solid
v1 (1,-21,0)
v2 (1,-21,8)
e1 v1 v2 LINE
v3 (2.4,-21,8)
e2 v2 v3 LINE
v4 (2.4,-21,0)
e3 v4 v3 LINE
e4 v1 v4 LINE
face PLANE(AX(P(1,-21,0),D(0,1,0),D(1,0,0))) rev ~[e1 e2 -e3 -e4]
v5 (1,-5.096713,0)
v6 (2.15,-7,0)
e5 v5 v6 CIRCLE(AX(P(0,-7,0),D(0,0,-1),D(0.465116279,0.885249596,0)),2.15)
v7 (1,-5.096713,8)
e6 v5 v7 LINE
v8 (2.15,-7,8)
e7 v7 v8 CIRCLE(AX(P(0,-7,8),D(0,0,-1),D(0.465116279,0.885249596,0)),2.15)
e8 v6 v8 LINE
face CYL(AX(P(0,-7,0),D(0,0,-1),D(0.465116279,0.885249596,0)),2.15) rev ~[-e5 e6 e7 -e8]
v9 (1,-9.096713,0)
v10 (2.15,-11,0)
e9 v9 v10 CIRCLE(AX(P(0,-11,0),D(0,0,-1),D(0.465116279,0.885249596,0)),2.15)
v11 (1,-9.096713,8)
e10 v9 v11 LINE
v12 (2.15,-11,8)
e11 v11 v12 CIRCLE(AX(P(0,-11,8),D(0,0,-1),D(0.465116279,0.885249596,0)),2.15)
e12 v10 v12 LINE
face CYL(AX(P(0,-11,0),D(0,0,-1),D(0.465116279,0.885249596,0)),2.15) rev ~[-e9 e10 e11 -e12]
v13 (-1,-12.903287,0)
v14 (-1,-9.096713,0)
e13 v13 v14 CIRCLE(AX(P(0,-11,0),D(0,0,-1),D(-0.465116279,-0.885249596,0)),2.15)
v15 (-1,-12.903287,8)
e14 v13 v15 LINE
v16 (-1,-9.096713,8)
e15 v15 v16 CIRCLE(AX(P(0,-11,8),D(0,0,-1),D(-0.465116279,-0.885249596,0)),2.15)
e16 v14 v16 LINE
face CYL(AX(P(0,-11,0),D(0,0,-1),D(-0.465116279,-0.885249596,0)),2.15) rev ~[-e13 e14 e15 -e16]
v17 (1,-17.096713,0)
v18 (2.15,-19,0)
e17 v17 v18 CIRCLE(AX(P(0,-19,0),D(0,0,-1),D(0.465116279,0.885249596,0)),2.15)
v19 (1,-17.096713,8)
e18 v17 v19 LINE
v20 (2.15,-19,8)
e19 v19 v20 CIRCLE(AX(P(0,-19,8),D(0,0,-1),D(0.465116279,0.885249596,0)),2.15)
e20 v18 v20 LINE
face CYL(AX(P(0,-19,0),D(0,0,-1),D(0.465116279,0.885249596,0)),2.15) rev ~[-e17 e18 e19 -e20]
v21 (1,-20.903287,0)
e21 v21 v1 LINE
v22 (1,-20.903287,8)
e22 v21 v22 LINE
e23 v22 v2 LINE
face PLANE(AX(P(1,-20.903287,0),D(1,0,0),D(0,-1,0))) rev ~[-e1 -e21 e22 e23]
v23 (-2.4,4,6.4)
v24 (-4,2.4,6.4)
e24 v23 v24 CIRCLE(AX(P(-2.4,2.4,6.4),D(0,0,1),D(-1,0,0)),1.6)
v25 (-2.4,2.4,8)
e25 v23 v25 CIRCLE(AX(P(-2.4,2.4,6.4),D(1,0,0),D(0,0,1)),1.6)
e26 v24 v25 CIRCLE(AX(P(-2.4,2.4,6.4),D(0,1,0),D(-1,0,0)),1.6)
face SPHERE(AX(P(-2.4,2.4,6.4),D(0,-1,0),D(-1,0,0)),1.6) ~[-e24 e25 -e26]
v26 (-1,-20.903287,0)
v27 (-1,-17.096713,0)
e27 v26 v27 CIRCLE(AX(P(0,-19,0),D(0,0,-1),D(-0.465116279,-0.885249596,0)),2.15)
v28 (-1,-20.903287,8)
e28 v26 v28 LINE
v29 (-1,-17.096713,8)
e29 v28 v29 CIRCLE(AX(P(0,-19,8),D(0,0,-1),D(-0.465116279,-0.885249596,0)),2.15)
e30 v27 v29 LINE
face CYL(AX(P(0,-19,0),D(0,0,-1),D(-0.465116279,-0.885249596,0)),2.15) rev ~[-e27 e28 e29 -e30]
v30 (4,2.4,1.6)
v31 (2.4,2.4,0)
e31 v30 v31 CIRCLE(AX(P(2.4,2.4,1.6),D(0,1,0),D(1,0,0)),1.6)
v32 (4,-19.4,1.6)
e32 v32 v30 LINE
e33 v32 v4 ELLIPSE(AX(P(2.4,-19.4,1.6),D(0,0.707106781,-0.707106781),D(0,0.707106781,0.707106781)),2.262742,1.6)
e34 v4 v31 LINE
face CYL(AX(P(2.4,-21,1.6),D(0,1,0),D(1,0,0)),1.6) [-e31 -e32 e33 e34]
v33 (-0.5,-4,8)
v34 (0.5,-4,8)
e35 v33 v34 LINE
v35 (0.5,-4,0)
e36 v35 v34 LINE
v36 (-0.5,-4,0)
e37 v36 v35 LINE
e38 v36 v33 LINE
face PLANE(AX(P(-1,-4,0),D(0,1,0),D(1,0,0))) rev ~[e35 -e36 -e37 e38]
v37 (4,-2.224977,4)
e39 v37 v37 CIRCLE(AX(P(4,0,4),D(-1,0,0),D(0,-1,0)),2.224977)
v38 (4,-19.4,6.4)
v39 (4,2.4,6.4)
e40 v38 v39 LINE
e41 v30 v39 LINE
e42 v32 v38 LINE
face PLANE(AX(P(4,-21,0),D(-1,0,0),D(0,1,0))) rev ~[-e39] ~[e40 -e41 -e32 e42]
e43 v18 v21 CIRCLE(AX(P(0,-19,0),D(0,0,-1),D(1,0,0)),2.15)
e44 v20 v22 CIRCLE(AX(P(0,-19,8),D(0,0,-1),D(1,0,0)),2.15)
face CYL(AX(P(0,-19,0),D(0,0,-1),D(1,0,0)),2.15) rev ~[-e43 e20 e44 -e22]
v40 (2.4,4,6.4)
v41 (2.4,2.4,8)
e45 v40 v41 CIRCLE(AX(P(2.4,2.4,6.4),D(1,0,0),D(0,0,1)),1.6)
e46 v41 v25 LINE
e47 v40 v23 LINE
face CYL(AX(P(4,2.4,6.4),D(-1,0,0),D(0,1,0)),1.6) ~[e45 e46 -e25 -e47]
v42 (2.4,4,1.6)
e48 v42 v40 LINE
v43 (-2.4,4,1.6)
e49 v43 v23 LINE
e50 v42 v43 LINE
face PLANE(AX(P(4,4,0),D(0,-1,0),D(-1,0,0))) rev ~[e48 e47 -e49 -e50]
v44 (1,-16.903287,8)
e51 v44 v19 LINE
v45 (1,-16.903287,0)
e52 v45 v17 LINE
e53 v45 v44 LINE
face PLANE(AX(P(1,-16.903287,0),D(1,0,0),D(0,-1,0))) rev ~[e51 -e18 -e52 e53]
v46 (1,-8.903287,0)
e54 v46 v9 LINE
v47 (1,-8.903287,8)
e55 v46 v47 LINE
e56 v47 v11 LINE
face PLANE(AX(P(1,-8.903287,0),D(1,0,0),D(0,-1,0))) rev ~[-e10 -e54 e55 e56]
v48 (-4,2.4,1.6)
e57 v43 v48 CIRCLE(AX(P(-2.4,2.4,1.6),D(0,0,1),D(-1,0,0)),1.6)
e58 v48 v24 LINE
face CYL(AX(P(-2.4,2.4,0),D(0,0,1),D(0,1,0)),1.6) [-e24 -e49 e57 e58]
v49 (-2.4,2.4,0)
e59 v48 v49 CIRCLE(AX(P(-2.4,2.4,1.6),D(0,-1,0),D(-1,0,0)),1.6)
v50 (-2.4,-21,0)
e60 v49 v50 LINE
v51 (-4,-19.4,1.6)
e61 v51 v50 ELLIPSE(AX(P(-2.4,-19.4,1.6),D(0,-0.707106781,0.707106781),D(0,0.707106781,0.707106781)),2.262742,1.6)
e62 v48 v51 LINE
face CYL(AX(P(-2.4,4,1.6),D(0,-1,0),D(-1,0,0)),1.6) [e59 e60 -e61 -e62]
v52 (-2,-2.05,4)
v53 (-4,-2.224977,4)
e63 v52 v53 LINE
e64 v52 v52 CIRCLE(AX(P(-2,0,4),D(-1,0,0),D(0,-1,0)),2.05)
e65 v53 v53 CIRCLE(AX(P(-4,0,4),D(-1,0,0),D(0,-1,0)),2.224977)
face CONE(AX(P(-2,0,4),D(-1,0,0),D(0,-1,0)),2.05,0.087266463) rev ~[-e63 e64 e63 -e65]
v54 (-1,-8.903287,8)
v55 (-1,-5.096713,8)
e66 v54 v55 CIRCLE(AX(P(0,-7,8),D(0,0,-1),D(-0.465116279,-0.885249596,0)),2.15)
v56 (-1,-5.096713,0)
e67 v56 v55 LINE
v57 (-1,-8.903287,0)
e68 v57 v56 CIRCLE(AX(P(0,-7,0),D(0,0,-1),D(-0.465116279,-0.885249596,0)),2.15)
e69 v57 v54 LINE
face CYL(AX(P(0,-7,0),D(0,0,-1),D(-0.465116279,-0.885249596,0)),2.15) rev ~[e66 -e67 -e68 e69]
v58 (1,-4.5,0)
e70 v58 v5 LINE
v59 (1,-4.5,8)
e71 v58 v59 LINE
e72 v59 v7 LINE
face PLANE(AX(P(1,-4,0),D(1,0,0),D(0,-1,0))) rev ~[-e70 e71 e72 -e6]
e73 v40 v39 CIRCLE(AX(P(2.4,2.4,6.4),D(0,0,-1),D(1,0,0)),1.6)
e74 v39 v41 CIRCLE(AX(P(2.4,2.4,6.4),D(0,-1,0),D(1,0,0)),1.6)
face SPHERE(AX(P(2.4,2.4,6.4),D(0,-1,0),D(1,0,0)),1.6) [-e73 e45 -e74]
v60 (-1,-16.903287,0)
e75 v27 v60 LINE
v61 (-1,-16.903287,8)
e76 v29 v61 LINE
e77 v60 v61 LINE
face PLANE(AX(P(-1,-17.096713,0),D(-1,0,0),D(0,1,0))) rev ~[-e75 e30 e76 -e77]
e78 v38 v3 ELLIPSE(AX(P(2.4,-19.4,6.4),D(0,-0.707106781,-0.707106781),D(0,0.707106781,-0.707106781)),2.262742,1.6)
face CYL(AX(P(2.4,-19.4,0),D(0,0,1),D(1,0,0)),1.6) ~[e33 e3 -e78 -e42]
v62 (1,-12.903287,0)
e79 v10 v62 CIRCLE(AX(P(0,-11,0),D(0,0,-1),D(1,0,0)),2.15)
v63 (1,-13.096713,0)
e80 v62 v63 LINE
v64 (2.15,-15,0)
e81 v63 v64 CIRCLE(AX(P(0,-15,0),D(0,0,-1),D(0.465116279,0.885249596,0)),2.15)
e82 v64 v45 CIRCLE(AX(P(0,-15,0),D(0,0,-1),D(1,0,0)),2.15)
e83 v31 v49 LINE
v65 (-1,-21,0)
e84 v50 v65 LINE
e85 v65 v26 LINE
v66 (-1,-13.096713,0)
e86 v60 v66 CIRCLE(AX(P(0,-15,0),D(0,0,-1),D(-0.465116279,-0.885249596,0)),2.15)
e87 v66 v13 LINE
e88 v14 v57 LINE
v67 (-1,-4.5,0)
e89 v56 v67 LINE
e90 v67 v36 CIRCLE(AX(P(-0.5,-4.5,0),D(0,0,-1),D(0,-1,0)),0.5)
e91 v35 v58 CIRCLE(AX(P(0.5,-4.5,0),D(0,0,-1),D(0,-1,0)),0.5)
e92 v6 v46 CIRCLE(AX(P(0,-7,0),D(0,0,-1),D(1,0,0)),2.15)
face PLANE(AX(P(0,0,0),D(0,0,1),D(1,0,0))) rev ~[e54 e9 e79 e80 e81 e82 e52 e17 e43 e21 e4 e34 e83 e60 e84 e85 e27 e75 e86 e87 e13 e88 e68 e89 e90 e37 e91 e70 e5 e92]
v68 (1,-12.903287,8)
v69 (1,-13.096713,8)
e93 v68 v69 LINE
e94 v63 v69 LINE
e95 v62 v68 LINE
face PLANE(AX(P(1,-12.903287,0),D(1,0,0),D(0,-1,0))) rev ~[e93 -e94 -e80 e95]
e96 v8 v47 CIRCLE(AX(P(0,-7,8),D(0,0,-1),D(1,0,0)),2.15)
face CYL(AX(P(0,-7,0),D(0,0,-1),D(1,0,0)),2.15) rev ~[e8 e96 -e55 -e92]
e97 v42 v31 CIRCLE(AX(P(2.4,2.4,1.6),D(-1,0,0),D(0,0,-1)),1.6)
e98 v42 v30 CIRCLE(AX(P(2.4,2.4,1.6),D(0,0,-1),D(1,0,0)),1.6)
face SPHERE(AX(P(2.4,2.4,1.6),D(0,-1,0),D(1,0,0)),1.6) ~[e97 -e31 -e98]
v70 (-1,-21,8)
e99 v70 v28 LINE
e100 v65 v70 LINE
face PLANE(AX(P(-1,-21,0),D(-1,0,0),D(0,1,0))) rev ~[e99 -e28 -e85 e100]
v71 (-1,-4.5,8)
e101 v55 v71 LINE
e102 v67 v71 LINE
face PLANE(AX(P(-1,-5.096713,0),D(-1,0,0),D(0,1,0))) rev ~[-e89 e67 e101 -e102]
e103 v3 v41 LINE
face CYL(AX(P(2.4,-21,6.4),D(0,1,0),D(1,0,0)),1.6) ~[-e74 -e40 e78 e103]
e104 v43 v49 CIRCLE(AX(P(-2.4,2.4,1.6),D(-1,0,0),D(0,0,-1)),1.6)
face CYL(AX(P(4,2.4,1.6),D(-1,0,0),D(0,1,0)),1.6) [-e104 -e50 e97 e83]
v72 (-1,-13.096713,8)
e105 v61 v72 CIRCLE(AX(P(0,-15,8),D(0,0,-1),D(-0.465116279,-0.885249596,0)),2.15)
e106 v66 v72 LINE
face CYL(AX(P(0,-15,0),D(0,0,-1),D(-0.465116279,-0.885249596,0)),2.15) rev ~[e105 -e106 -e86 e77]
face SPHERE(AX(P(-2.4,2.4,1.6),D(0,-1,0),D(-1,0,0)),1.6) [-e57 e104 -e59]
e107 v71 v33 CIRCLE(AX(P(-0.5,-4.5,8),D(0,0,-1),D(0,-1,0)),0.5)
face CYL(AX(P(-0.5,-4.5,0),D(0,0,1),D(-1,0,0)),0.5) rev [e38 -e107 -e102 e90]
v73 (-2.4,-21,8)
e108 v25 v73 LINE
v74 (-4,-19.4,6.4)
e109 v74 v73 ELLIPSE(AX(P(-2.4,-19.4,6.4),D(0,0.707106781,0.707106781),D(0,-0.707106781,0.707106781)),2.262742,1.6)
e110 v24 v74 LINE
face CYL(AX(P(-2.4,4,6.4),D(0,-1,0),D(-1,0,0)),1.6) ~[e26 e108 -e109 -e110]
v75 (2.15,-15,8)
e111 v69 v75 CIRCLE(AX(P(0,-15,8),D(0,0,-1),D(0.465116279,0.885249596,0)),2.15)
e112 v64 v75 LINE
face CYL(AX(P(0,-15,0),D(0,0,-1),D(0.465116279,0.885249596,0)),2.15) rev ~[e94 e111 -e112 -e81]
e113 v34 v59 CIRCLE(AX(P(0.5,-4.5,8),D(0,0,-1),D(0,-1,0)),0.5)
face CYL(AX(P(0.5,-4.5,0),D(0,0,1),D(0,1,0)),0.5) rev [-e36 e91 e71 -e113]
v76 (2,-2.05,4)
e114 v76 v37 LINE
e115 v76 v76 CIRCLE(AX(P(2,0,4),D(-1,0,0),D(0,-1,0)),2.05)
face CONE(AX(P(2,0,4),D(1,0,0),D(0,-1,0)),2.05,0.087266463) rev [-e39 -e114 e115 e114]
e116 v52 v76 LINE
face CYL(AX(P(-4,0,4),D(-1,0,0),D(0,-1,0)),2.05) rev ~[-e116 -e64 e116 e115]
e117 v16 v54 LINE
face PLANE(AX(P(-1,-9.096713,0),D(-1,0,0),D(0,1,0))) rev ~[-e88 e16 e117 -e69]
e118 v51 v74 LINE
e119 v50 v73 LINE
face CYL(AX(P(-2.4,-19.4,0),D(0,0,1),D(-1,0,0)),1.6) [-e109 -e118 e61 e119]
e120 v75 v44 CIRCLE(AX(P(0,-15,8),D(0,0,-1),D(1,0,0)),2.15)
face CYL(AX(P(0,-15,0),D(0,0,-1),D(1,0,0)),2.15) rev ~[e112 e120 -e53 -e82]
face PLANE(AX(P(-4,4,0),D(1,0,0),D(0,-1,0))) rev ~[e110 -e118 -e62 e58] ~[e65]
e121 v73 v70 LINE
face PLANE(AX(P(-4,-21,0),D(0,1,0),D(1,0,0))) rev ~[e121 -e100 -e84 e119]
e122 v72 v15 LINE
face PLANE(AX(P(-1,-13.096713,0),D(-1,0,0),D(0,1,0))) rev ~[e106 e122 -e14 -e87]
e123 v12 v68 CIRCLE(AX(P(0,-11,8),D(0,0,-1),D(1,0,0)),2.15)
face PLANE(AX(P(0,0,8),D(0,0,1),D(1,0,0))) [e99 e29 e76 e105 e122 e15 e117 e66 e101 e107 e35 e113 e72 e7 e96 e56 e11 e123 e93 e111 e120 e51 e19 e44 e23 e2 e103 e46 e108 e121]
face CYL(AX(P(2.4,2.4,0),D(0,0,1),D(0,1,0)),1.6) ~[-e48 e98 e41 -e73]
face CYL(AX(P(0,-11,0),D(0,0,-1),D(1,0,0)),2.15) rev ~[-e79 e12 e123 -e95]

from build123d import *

# Parameters (mm, degrees)
F1_DEPTH = 8
F2_R     = 2.05
F3_DEPTH = 8.001
F4_R     = 1.6
F5_R     = 0.5
F6_SIZE2 = 0.1749773271
F6_SIZE  = 2


with BuildPart() as f1:
    # F0 (on Top) → F1 (new body)
    with BuildSketch(Plane.XY):
        Polygon((1, -4), (4, -4), (4, 4), (-4, 4), (-4, -4), (-1, -4), align=None)
        with BuildLine():
            Line((-1, -5.0967133689), (-1, -4))
            Line((-1, -4), (-4, -4))
            Line((-4, -4), (-4, -21))
            Line((-4, -21), (-1, -21))
            Line((-1, -21), (-1, -20.9032866311))
            ThreePointArc((-1, -20.9032866311), (-2.15, -19), (-1, -17.0967133689))
            Line((-1, -17.0967133689), (-1, -16.9032866311))
            ThreePointArc((-1, -16.9032866311), (-2.15, -15), (-1, -13.0967133689))
            Line((-1, -13.0967133689), (-1, -12.9032866311))
            ThreePointArc((-1, -12.9032866311), (-2.15, -11), (-1, -9.0967133689))
            Line((-1, -9.0967133689), (-1, -8.9032866311))
            ThreePointArc((-1, -8.9032866311), (-2.15, -7), (-1, -5.0967133689))
        make_face()
        with BuildLine():
            Line((4, -21), (4, -4))
            Line((4, -4), (1, -4))
            Line((1, -4), (1, -5.0967133689))
            ThreePointArc((1, -5.0967133689), (1.840176622, -5.8881322021), (2.15, -7))
            ThreePointArc((2.15, -7), (1.840176622, -8.1118677979), (1, -8.9032866311))
            Line((1, -8.9032866311), (1, -9.0967133689))
            ThreePointArc((1, -9.0967133689), (1.840176622, -9.8881322021), (2.15, -11))
            ThreePointArc((2.15, -11), (1.840176622, -12.1118677979), (1, -12.9032866311))
            Line((1, -12.9032866311), (1, -13.0967133689))
            ThreePointArc((1, -13.0967133689), (1.840176622, -13.8881322021), (2.15, -15))
            ThreePointArc((2.15, -15), (1.840176622, -16.1118677979), (1, -16.9032866311))
            Line((1, -16.9032866311), (1, -17.0967133689))
            ThreePointArc((1, -17.0967133689), (1.840176622, -17.8881322021), (2.15, -19))
            ThreePointArc((2.15, -19), (1.840176622, -20.1118677979), (1, -20.9032866311))
            Line((1, -20.9032866311), (1, -21))
            Line((1, -21), (4, -21))
        make_face()
    extrude(amount=F1_DEPTH)

    # F2 (on face) → F3 (cut, through all)
    with BuildSketch(Plane(origin=(-4, 0, 0), x_dir=(0, -1, 0), z_dir=(-1, 0, 0))):
        with Locations((0, 4)):
            Circle(F2_R)
    extrude(amount=-F3_DEPTH, mode=Mode.SUBTRACT)

    # F4
    f4_edges = [f1.edges().sort_by_distance(p)[0] for p in [
        (4, -8.5, 8),
        (4, -8.5, 0),
        (4, 4, 4),
        (4, -21, 4),
        (-4, -21, 4),
        (-4, -8.5, 8),
        (-4, -8.5, 0),
        (-4, 4, 4),
        (0, 4, 8),
        (0, 4, 0),
    ]]
    fillet(f4_edges, radius=F4_R)

    # F5
    f5_edges = [f1.edges().sort_by_distance(p)[0] for p in [
        (1, -4, 4),
        (-1, -4, 4),
    ]]
    fillet(f5_edges, radius=F5_R)

    # F6
    f6_edges = [f1.edges().sort_by_distance(p)[0] for p in [
        (-4, 2.05, 4),
        (4, 2.05, 4),
    ]]
    f6_side = f1.faces().sort_by_distance((0, 2.05, 4))[0]
    chamfer(f6_edges, length=F6_SIZE, length2=F6_SIZE2, reference=f6_side)


solid = f1.part
